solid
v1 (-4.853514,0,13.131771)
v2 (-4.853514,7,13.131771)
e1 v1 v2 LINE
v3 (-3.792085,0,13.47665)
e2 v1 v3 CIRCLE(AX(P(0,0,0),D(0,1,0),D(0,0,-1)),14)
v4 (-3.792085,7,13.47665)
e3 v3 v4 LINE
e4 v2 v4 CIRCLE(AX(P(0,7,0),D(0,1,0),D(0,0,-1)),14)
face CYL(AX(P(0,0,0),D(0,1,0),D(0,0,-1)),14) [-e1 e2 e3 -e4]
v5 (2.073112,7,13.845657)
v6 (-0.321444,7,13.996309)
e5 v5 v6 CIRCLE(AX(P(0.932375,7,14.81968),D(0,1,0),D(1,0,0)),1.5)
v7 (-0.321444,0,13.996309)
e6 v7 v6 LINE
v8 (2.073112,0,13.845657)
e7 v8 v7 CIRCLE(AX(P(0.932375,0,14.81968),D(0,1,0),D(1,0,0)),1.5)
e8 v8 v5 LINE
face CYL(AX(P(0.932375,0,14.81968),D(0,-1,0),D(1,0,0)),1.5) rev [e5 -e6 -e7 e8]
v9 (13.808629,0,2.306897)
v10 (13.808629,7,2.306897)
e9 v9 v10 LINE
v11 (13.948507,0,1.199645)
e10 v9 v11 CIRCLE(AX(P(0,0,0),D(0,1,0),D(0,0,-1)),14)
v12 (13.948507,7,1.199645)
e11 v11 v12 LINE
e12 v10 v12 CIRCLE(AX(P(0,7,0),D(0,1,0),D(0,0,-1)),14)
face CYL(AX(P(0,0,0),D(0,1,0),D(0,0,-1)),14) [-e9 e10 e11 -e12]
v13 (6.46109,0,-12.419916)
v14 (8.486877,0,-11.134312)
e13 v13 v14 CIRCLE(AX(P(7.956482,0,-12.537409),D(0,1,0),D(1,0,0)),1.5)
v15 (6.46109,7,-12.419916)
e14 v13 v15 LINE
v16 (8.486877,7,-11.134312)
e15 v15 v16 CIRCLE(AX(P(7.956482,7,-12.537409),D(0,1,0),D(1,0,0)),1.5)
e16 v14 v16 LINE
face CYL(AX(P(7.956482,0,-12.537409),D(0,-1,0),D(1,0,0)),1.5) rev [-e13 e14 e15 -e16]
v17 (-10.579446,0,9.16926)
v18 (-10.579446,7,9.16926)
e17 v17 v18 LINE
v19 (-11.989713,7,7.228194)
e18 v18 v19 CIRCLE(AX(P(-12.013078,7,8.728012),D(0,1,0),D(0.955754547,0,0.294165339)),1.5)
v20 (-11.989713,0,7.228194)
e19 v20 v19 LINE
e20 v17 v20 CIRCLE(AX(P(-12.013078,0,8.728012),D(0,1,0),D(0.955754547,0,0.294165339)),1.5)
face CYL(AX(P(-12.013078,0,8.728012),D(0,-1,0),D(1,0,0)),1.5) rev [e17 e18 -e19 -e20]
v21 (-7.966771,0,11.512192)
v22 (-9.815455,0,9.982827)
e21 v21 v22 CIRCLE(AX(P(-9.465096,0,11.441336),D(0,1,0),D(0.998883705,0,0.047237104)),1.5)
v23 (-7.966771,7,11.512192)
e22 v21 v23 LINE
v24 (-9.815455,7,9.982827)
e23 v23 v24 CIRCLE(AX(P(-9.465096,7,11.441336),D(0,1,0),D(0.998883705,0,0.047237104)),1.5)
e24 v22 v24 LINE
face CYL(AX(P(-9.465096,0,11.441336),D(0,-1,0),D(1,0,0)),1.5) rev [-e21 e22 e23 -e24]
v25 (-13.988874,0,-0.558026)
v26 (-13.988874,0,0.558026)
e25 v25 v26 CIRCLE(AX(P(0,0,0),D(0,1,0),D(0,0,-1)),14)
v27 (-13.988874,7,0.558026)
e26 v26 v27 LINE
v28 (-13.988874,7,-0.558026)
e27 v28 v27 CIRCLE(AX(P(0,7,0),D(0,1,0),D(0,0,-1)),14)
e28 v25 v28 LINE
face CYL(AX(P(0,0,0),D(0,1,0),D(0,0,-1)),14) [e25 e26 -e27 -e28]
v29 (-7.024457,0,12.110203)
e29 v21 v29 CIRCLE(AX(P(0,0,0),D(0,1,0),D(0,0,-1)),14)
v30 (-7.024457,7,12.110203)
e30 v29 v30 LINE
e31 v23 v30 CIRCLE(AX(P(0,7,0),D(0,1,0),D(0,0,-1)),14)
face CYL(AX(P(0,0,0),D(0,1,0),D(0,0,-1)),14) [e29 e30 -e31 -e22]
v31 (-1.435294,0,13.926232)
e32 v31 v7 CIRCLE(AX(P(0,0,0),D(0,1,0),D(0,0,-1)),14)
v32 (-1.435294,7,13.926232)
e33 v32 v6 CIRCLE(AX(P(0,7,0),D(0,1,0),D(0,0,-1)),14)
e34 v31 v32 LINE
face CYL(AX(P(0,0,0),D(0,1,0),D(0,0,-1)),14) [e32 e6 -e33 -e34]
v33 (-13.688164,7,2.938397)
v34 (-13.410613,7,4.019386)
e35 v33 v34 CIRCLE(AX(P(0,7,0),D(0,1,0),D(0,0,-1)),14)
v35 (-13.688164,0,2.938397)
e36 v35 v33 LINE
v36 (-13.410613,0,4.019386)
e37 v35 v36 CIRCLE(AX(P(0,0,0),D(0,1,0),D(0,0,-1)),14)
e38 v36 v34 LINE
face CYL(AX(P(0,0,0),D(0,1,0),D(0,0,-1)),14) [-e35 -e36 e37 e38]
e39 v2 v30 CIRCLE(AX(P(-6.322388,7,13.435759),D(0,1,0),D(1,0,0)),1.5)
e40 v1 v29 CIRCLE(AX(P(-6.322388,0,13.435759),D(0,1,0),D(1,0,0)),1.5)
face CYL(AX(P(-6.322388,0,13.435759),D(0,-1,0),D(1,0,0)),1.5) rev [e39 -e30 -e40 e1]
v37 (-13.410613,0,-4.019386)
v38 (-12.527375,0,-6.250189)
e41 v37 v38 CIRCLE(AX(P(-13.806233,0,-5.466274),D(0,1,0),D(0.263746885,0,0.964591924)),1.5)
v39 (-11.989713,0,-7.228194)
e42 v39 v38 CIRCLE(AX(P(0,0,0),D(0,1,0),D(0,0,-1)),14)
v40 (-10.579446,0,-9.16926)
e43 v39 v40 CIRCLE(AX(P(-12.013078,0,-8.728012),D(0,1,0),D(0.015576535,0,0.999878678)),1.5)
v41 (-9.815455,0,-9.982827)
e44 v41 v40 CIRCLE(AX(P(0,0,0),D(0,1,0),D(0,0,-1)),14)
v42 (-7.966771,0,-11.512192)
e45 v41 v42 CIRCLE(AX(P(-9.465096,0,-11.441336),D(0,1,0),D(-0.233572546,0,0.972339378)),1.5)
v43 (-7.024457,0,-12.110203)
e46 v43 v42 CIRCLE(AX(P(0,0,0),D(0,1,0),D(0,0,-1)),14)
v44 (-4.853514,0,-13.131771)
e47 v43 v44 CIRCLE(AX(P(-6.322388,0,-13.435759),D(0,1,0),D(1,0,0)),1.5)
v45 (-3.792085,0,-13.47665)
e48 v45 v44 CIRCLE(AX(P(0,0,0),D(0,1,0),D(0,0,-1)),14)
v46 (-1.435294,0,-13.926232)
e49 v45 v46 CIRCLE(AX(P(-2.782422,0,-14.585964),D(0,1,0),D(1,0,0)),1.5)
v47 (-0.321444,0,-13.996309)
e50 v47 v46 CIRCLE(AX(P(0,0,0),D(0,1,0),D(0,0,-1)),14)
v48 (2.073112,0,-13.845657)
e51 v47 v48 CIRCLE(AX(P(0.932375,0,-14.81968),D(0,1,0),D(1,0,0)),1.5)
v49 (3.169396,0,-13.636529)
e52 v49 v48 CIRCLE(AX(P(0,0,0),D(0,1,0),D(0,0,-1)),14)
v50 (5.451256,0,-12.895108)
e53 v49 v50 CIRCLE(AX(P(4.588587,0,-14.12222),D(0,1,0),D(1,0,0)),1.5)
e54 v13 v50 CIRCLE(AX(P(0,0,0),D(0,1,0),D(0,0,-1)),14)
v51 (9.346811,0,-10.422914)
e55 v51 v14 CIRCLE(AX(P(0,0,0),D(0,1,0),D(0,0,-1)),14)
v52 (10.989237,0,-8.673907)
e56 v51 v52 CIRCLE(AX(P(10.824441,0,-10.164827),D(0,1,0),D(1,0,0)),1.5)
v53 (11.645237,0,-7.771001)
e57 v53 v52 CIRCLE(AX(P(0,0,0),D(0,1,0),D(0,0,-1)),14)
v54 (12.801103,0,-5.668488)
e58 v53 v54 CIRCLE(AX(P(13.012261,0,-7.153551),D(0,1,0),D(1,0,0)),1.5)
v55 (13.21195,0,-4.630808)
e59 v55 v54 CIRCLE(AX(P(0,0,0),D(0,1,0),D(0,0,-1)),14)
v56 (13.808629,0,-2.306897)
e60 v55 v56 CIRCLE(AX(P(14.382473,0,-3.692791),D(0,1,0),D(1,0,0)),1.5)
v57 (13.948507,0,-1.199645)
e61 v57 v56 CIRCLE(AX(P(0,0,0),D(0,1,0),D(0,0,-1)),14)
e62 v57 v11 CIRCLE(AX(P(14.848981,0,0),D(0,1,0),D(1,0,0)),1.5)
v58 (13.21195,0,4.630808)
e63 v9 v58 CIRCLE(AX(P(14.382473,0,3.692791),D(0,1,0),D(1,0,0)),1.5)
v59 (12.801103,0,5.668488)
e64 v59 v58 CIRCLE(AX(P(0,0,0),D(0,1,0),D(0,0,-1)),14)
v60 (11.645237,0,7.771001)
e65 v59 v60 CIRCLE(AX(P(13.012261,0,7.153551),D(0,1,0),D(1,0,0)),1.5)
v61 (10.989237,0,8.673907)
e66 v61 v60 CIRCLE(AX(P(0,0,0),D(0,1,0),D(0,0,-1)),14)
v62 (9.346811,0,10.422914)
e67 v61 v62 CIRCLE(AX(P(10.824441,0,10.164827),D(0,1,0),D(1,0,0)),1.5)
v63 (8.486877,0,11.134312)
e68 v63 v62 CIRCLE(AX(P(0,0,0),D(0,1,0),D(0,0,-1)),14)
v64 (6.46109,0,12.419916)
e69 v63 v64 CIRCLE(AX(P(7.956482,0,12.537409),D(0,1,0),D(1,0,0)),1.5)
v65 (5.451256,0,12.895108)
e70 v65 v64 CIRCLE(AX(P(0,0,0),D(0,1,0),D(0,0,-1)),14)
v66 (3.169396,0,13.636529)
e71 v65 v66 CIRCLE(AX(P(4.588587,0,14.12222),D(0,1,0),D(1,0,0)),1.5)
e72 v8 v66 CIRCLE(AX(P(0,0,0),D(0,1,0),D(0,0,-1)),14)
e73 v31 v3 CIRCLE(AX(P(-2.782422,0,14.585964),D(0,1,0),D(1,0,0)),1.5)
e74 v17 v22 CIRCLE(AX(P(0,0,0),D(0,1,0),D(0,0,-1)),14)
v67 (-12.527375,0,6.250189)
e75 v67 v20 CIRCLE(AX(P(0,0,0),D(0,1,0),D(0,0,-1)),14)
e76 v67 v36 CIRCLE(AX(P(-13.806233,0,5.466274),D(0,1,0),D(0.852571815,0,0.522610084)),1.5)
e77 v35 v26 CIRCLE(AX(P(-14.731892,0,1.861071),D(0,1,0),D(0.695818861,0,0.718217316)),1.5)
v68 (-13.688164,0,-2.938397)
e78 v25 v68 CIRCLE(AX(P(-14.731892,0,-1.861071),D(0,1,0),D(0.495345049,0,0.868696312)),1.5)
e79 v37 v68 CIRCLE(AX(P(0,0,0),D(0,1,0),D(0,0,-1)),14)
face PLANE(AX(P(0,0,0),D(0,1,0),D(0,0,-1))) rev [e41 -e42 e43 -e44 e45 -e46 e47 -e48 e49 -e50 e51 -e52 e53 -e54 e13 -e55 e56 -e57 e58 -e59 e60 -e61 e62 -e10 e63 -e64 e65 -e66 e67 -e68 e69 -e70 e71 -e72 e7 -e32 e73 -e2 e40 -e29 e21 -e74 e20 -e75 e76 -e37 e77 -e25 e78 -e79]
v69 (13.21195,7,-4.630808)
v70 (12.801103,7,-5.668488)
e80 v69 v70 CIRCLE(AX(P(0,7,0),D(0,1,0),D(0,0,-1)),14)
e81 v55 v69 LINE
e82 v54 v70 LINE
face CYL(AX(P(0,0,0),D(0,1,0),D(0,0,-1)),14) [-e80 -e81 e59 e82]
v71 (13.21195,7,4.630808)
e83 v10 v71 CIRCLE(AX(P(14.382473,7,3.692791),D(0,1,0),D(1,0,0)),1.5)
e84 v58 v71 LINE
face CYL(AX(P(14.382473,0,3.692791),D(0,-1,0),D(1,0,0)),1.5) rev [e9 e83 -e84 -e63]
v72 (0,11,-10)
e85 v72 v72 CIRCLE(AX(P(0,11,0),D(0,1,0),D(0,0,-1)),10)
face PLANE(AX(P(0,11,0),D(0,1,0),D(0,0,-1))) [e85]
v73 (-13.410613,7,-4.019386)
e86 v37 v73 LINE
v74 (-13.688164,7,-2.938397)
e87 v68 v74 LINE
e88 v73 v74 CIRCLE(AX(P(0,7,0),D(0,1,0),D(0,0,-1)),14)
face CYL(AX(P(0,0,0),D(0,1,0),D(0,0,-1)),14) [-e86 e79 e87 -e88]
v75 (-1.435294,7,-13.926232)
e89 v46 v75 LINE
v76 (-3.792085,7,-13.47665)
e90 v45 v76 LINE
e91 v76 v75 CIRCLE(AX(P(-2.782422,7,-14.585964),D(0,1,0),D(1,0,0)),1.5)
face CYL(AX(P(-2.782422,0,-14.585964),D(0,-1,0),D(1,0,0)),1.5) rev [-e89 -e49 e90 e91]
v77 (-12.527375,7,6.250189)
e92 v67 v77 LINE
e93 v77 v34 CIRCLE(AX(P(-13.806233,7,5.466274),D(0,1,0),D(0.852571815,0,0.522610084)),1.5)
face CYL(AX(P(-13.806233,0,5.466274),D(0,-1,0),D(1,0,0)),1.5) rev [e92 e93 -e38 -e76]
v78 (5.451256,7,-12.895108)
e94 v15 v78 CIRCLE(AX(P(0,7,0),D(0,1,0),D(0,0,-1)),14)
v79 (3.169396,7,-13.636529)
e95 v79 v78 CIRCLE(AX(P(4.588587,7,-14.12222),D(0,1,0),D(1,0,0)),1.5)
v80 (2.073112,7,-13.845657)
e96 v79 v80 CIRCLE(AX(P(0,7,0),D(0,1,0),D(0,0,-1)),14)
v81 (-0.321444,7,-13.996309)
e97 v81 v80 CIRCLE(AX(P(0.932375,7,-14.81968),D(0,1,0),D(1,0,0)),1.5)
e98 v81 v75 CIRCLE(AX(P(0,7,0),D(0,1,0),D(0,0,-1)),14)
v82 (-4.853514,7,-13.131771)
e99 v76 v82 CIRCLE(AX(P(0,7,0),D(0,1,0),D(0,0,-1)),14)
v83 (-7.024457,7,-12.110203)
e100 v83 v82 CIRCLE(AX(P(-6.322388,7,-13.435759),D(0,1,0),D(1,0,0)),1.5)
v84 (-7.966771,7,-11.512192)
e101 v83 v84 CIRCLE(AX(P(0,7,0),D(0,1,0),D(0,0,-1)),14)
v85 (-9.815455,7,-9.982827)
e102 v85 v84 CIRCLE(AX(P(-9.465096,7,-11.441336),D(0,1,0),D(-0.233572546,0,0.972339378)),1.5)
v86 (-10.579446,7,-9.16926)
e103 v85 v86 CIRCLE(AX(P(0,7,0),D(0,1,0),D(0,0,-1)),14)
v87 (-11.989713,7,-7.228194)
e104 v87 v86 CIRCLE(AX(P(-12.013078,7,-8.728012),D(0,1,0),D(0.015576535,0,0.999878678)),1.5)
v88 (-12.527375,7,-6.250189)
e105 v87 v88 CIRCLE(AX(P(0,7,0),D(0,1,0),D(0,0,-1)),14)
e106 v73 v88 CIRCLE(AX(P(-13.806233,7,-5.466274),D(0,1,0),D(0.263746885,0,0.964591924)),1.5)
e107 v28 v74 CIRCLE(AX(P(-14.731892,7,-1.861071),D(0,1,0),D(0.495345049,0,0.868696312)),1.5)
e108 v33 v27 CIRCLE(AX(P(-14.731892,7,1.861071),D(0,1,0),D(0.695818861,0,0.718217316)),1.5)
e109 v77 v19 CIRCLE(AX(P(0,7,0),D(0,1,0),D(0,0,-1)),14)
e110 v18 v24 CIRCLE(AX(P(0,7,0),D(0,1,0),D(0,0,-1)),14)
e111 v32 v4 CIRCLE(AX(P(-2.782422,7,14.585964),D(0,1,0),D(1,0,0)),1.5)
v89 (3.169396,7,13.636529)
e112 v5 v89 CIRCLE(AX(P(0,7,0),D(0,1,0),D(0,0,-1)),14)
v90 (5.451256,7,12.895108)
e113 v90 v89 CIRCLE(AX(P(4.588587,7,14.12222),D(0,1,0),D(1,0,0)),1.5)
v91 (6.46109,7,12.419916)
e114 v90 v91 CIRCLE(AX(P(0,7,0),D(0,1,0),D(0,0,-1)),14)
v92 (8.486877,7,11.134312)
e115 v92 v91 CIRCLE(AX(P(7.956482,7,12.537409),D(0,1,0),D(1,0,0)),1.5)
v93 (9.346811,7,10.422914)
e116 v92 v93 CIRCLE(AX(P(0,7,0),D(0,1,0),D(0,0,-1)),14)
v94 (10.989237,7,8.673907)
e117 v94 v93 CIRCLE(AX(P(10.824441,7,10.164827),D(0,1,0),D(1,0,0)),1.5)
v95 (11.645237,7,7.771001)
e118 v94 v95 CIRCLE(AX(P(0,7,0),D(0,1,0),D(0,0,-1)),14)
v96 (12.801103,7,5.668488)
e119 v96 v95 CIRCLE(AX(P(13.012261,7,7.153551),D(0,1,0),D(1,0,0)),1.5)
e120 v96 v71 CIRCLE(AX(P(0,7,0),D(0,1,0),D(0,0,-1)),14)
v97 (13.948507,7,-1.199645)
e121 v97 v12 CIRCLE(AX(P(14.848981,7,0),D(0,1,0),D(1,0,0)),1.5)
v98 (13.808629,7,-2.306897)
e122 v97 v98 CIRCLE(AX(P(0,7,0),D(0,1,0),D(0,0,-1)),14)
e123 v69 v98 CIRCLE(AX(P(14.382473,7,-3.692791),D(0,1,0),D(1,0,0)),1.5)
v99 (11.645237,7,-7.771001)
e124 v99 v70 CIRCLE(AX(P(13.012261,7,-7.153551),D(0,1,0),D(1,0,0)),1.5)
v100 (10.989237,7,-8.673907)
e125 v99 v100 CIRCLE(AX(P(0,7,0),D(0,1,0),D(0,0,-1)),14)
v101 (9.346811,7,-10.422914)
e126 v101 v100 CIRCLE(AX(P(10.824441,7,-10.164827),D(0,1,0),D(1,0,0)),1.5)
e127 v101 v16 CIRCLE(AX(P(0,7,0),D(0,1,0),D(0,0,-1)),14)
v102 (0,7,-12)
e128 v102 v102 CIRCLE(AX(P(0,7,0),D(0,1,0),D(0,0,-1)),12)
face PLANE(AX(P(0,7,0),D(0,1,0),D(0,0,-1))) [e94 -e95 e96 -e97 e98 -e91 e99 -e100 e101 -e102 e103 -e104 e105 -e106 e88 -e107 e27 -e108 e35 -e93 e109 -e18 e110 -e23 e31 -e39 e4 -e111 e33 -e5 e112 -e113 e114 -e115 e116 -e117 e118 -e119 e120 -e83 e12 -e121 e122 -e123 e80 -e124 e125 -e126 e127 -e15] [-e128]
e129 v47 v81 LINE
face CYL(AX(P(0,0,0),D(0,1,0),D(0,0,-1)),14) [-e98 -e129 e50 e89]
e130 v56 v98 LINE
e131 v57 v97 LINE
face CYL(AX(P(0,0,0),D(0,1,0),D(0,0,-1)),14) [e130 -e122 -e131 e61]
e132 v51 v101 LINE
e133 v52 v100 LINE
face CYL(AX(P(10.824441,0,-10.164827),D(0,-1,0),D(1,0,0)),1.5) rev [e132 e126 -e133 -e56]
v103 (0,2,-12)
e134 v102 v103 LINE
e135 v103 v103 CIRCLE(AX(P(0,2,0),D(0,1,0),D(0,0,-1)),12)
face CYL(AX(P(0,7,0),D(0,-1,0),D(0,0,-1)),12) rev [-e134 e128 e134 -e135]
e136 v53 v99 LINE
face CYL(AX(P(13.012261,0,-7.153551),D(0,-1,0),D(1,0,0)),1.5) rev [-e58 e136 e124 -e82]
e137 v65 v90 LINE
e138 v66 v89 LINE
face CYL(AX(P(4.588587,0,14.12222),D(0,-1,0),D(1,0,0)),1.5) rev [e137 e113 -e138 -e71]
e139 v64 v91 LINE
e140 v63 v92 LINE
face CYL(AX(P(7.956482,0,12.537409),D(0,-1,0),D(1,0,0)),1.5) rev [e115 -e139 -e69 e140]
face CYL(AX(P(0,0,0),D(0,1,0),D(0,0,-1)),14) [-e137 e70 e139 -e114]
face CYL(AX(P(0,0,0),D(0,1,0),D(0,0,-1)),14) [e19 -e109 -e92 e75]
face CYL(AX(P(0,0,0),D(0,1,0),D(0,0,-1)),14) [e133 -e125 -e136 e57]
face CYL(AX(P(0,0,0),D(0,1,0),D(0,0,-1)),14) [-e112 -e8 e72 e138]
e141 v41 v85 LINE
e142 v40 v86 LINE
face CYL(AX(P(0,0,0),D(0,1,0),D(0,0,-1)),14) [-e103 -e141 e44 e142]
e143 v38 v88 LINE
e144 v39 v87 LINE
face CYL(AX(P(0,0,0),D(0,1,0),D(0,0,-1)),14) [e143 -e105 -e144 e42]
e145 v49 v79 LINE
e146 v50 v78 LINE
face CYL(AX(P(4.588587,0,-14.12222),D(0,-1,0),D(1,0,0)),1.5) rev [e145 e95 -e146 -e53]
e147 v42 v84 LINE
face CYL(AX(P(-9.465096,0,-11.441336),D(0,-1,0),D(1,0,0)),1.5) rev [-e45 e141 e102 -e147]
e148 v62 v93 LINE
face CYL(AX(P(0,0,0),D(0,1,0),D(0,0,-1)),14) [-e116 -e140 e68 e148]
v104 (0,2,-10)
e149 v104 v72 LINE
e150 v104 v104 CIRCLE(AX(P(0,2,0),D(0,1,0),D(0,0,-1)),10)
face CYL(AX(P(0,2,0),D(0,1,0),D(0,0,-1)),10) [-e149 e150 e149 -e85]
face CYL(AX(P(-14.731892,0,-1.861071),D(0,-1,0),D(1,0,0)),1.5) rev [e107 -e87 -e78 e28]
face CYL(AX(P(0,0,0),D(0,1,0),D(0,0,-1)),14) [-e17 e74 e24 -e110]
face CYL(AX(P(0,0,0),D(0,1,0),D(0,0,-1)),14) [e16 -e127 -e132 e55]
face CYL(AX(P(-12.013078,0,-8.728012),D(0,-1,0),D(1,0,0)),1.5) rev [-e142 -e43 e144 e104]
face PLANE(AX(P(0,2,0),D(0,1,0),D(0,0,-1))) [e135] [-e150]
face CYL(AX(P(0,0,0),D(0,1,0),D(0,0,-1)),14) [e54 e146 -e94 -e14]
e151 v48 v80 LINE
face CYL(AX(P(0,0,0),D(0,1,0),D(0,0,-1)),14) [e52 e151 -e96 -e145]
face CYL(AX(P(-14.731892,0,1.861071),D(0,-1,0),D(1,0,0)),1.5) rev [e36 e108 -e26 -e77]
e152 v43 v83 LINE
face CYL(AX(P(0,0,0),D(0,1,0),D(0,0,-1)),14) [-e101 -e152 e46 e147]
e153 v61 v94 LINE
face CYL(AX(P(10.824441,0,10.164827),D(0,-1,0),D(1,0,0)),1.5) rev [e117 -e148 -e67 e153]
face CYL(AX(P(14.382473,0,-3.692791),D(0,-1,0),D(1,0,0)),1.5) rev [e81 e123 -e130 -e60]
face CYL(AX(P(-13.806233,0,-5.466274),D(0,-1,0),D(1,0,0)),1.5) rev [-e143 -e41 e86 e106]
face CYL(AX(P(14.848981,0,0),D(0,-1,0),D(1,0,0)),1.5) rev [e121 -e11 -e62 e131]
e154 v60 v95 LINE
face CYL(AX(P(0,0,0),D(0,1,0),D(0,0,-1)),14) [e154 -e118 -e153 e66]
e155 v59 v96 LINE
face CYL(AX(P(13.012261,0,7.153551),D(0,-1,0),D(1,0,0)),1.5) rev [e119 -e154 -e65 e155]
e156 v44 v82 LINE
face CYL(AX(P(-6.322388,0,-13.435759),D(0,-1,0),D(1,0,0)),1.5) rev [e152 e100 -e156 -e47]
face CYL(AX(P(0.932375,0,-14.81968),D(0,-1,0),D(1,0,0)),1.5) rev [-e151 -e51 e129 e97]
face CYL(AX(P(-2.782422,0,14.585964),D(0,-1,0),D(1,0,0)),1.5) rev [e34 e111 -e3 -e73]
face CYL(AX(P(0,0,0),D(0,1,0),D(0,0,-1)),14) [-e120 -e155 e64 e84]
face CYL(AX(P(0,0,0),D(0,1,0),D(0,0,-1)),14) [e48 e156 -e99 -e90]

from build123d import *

# Parameters (mm, degrees)
ENL_V_START             = -7
ESQUISSE2_R             = 1.5
ENL_V_MAT_EXTRU_1_DEPTH = 7


with BuildPart() as part:
    # Esquisse1 → Révolution1 (revolve)
    with BuildSketch(Plane.XY, mode=Mode.PRIVATE) as r_volution1_sk:
        Polygon((0, 0), (-14, 0), (-14, 7), (-12, 7), (-12, 2), (-10, 2), (-10, 11), (0, 11), align=None)
    revolve(r_volution1_sk.sketch.rotate(Axis((0, 0, 0), (0, 1, 0)), 270), axis=Axis((0, 0, 0), (0, 1, 0)))

    # Esquisse2 → Enlèv. mat.-Extru.1 (cut)
    with BuildSketch(Plane(origin=(0, 7, 0), x_dir=(1, 0, 0), z_dir=(0, 1, 0)).offset(ENL_V_START)):
        with Locations((14.848980609, 0)):
            Circle(ESQUISSE2_R)
        with Locations((14.382472578, -3.692791312)):
            Circle(ESQUISSE2_R)
        with Locations((13.012260899, -7.153550965)):
            Circle(ESQUISSE2_R)
        with Locations((10.824441013, -10.164826702)):
            Circle(ESQUISSE2_R)
        with Locations((7.956481688, -12.537408993)):
            Circle(ESQUISSE2_R)
        with Locations((4.588587357, -14.122219768)):
            Circle(ESQUISSE2_R)
        with Locations((0.932375207, -14.819679538)):
            Circle(ESQUISSE2_R)
        with Locations((-2.782421507, -14.585964338)):
            Circle(ESQUISSE2_R)
        with Locations((-6.322388444, -13.435759356)):
            Circle(ESQUISSE2_R)
        with Locations((-9.465096463, -11.441336201)):
            Circle(ESQUISSE2_R)
        with Locations((-12.013077662, -8.728011813)):
            Circle(ESQUISSE2_R)
        with Locations((-13.80623301, -5.466274344)):
            Circle(ESQUISSE2_R)
        with Locations((-14.731891962, -1.861070755)):
            Circle(ESQUISSE2_R)
        with Locations((-14.731891962, 1.861070755)):
            Circle(ESQUISSE2_R)
        with Locations((-13.80623301, 5.466274344)):
            Circle(ESQUISSE2_R)
        with Locations((-12.013077662, 8.728011813)):
            Circle(ESQUISSE2_R)
        with Locations((-9.465096463, 11.441336201)):
            Circle(ESQUISSE2_R)
        with Locations((-6.322388444, 13.435759356)):
            Circle(ESQUISSE2_R)
        with Locations((-2.782421507, 14.585964338)):
            Circle(ESQUISSE2_R)
        with Locations((0.932375207, 14.819679538)):
            Circle(ESQUISSE2_R)
        with Locations((4.588587357, 14.122219768)):
            Circle(ESQUISSE2_R)
        with Locations((7.956481688, 12.537408993)):
            Circle(ESQUISSE2_R)
        with Locations((10.824441013, 10.164826702)):
            Circle(ESQUISSE2_R)
        with Locations((13.012260899, 7.153550965)):
            Circle(ESQUISSE2_R)
        with Locations((14.382472578, 3.692791312)):
            Circle(ESQUISSE2_R)
    extrude(amount=ENL_V_MAT_EXTRU_1_DEPTH, mode=Mode.SUBTRACT)


solid = part.part
